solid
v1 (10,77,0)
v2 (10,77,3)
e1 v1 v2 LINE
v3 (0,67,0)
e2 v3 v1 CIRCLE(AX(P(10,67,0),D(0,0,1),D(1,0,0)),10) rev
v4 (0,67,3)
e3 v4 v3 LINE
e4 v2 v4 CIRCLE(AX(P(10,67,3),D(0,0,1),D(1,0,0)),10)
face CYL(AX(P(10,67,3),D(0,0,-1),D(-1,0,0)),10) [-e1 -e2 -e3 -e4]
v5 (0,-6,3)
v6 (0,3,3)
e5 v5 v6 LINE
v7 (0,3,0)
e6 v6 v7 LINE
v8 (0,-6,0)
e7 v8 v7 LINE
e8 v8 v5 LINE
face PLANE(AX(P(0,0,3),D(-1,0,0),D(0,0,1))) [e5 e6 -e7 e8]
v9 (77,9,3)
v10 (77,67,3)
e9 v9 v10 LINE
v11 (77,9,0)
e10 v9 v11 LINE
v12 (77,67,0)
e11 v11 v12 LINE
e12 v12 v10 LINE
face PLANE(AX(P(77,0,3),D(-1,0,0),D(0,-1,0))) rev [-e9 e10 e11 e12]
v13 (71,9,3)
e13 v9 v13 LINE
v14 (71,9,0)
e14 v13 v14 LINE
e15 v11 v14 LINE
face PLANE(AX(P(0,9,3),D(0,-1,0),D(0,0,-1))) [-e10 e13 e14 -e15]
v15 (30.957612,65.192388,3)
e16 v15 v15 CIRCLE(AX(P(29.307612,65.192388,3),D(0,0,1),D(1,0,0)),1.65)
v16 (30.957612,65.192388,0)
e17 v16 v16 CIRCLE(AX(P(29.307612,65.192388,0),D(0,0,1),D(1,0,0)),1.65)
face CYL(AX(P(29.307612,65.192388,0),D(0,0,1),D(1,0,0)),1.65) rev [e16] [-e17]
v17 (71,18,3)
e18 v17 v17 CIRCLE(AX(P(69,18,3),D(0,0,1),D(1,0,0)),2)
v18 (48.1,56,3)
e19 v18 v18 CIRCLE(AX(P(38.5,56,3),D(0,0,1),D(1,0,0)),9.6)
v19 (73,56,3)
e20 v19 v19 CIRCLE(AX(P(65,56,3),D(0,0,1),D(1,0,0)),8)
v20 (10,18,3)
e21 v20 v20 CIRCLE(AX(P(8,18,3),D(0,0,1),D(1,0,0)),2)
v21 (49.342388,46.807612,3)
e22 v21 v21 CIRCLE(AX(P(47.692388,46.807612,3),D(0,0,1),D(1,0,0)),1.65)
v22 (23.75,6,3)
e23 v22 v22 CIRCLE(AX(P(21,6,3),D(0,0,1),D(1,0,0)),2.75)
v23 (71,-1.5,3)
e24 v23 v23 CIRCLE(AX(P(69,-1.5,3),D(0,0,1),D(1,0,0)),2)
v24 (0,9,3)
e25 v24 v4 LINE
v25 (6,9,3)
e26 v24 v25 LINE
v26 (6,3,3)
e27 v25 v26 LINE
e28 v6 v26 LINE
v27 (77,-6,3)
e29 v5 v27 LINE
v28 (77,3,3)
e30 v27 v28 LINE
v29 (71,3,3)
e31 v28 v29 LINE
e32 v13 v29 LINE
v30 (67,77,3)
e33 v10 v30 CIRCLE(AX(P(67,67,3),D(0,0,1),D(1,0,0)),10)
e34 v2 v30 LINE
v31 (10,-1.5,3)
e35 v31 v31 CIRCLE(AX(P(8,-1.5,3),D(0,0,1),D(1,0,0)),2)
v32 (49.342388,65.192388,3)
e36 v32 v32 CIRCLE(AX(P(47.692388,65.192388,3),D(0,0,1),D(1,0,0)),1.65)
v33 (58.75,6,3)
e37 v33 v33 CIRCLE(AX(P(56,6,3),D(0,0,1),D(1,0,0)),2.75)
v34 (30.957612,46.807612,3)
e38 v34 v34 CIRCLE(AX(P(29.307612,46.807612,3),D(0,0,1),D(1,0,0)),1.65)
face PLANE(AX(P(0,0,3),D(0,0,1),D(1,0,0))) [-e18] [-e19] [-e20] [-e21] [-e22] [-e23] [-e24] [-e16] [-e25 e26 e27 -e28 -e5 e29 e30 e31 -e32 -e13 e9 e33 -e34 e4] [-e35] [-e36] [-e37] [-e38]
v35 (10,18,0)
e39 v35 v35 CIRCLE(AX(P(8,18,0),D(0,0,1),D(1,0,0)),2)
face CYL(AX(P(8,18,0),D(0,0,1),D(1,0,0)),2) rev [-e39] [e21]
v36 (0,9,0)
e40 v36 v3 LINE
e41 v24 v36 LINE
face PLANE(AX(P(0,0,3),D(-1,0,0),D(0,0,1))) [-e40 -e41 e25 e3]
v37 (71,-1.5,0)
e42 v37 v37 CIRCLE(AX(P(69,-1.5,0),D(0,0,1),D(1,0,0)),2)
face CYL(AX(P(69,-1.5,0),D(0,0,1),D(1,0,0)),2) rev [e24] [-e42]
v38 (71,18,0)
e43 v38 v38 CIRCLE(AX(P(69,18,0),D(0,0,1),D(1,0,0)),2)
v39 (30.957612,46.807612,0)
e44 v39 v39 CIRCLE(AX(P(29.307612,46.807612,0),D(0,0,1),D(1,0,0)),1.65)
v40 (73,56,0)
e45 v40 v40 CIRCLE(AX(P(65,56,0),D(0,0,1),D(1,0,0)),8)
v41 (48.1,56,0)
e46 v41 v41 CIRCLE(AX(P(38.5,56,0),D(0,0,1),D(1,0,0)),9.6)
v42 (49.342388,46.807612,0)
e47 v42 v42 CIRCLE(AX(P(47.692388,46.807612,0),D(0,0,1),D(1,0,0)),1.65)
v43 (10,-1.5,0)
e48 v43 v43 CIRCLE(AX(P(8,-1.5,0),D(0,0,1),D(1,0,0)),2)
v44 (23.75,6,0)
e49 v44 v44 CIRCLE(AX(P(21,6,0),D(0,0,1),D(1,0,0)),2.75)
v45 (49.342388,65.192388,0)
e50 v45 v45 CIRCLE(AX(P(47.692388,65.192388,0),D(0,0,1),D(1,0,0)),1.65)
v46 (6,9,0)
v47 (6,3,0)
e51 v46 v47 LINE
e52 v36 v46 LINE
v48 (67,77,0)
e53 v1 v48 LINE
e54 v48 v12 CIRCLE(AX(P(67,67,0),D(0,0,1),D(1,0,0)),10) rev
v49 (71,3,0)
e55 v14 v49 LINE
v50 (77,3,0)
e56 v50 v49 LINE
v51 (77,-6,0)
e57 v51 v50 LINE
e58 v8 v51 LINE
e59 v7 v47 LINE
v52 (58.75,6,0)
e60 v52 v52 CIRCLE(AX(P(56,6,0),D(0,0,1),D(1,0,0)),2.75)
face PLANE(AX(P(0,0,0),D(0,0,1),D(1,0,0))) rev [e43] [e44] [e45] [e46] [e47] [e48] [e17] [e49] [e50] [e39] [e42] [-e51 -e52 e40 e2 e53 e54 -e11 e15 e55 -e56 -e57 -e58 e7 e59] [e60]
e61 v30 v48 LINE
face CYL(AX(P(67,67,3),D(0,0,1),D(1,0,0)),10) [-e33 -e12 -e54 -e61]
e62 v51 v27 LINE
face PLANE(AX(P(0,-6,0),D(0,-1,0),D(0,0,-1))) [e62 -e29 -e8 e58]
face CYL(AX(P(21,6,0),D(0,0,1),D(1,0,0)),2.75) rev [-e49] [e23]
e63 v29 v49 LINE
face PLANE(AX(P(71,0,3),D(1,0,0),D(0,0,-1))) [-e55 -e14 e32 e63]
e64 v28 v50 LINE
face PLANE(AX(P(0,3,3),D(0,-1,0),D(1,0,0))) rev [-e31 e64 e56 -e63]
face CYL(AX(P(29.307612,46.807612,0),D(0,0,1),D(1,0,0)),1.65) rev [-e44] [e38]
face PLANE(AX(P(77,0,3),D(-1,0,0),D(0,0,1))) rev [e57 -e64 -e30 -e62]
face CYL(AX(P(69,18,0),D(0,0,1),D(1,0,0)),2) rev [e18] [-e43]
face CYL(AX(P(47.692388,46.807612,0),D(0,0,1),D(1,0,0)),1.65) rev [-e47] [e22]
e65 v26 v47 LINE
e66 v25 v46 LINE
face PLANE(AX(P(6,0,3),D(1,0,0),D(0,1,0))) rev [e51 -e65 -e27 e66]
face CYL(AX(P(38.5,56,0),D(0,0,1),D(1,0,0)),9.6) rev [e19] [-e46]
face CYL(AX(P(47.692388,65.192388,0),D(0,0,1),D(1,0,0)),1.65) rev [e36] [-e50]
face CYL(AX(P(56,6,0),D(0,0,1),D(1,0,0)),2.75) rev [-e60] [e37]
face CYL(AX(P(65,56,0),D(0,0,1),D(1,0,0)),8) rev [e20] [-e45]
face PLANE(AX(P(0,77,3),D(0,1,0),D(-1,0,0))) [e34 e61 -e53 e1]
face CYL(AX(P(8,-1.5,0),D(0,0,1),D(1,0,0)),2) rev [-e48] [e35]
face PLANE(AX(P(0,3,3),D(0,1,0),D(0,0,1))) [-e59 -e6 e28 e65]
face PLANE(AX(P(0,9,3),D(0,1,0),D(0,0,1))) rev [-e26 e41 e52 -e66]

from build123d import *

# Parameters (mm, degrees)
SKETCH1_W           = 77
SKETCH1_H           = 65
BOSS_EXTRUDE1_DEPTH = 3
SKETCH2_R           = 2.75
CUT_EXTRUDE1_DEPTH  = 109.935760887
SKETCH3_R           = 1.65
SKETCH3_R_2         = 9.6
CUT_EXTRUDE2_DEPTH  = 109.935760887
FILLET1_R           = 10
SKETCH4_W           = 77
SKETCH4_H           = 6
BOSS_EXTRUDE2_DEPTH = 3
SKETCH5_R           = 2
CUT_EXTRUDE3_DEPTH  = 109.935760887
SKETCH6_R           = 8
SKETCH6_R_2         = 2.5
CUT_EXTRUDE4_DEPTH  = 109.935760887


with BuildPart() as part:
    # Sketch1 → Boss-Extrude1 (new body)
    with BuildSketch(Plane.XY):
        with Locations((38.5, 44.5)):
            Rectangle(SKETCH1_W, SKETCH1_H)
        Polygon((77, 12), (38.5, 12), (38.5, 0), (77, 0), (77, 3), (71, 3), (71, 9), (77, 9), align=None)
        Polygon((38.5, 0), (38.5, 12), (0, 12), (0, 9), (6, 9), (6, 3), (0, 3), (0, 0), align=None)
    extrude(amount=BOSS_EXTRUDE1_DEPTH)

    # Sketch2 → Cut-Extrude1 (cut, through all)
    with BuildSketch(Plane.XY.offset(3)):
        with Locations((21, 6)):
            Circle(SKETCH2_R)
        with Locations((56, 6)):
            Circle(SKETCH2_R)
    extrude(amount=-CUT_EXTRUDE1_DEPTH, mode=Mode.SUBTRACT)

    # Sketch3 → Cut-Extrude2 (cut, through all)
    with BuildSketch(Plane.XY.offset(3)):
        with Locations((29.307611845, 46.807611845)):
            Circle(SKETCH3_R)
        with Locations((47.692388155, 46.807611845)):
            Circle(SKETCH3_R)
        with Locations((47.692388155, 65.192388155)):
            Circle(SKETCH3_R)
        with Locations((29.307611845, 65.192388155)):
            Circle(SKETCH3_R)
        with Locations((38.5, 56)):
            Circle(SKETCH3_R_2)
    extrude(amount=-CUT_EXTRUDE2_DEPTH, mode=Mode.SUBTRACT)

    # Fillet1
    fillet1_edges = [part.edges().sort_by_distance(p)[0] for p in [
        (0, 77, 1.5),
        (77, 77, 1.5),
    ]]
    fillet(fillet1_edges, radius=FILLET1_R)

    # Sketch4 → Boss-Extrude2 (add)
    with BuildSketch(Plane.XY.offset(3)):
        with Locations((38.5, -3)):
            Rectangle(SKETCH4_W, SKETCH4_H)
    extrude(amount=-BOSS_EXTRUDE2_DEPTH)

    # Sketch5 → Cut-Extrude3 (cut, through all)
    with BuildSketch(Plane.XY.offset(3)):
        with Locations((8, -1.5)):
            Circle(SKETCH5_R)
        with Locations((69, -1.5)):
            Circle(SKETCH5_R)
        with Locations((8, 18)):
            Circle(SKETCH5_R)
        with Locations((69, 18)):
            Circle(SKETCH5_R)
    extrude(amount=-CUT_EXTRUDE3_DEPTH, mode=Mode.SUBTRACT)

    # Sketch6 → Cut-Extrude4 (cut, through all)
    # profile 1 of 2: a face of its own
    with BuildSketch(Plane.XY.offset(3)):
        with Locations((65, 56)):
            Circle(SKETCH6_R)
        with Locations((65, 56)):
            Circle(SKETCH6_R_2, mode=Mode.SUBTRACT)
    # profile 2 of 2: a face of its own
    with BuildSketch(Plane.XY.offset(3)):
        with Locations((65, 56)):
            Circle(SKETCH6_R_2)
    extrude(amount=-CUT_EXTRUDE4_DEPTH, mode=Mode.SUBTRACT)


solid = part.part
